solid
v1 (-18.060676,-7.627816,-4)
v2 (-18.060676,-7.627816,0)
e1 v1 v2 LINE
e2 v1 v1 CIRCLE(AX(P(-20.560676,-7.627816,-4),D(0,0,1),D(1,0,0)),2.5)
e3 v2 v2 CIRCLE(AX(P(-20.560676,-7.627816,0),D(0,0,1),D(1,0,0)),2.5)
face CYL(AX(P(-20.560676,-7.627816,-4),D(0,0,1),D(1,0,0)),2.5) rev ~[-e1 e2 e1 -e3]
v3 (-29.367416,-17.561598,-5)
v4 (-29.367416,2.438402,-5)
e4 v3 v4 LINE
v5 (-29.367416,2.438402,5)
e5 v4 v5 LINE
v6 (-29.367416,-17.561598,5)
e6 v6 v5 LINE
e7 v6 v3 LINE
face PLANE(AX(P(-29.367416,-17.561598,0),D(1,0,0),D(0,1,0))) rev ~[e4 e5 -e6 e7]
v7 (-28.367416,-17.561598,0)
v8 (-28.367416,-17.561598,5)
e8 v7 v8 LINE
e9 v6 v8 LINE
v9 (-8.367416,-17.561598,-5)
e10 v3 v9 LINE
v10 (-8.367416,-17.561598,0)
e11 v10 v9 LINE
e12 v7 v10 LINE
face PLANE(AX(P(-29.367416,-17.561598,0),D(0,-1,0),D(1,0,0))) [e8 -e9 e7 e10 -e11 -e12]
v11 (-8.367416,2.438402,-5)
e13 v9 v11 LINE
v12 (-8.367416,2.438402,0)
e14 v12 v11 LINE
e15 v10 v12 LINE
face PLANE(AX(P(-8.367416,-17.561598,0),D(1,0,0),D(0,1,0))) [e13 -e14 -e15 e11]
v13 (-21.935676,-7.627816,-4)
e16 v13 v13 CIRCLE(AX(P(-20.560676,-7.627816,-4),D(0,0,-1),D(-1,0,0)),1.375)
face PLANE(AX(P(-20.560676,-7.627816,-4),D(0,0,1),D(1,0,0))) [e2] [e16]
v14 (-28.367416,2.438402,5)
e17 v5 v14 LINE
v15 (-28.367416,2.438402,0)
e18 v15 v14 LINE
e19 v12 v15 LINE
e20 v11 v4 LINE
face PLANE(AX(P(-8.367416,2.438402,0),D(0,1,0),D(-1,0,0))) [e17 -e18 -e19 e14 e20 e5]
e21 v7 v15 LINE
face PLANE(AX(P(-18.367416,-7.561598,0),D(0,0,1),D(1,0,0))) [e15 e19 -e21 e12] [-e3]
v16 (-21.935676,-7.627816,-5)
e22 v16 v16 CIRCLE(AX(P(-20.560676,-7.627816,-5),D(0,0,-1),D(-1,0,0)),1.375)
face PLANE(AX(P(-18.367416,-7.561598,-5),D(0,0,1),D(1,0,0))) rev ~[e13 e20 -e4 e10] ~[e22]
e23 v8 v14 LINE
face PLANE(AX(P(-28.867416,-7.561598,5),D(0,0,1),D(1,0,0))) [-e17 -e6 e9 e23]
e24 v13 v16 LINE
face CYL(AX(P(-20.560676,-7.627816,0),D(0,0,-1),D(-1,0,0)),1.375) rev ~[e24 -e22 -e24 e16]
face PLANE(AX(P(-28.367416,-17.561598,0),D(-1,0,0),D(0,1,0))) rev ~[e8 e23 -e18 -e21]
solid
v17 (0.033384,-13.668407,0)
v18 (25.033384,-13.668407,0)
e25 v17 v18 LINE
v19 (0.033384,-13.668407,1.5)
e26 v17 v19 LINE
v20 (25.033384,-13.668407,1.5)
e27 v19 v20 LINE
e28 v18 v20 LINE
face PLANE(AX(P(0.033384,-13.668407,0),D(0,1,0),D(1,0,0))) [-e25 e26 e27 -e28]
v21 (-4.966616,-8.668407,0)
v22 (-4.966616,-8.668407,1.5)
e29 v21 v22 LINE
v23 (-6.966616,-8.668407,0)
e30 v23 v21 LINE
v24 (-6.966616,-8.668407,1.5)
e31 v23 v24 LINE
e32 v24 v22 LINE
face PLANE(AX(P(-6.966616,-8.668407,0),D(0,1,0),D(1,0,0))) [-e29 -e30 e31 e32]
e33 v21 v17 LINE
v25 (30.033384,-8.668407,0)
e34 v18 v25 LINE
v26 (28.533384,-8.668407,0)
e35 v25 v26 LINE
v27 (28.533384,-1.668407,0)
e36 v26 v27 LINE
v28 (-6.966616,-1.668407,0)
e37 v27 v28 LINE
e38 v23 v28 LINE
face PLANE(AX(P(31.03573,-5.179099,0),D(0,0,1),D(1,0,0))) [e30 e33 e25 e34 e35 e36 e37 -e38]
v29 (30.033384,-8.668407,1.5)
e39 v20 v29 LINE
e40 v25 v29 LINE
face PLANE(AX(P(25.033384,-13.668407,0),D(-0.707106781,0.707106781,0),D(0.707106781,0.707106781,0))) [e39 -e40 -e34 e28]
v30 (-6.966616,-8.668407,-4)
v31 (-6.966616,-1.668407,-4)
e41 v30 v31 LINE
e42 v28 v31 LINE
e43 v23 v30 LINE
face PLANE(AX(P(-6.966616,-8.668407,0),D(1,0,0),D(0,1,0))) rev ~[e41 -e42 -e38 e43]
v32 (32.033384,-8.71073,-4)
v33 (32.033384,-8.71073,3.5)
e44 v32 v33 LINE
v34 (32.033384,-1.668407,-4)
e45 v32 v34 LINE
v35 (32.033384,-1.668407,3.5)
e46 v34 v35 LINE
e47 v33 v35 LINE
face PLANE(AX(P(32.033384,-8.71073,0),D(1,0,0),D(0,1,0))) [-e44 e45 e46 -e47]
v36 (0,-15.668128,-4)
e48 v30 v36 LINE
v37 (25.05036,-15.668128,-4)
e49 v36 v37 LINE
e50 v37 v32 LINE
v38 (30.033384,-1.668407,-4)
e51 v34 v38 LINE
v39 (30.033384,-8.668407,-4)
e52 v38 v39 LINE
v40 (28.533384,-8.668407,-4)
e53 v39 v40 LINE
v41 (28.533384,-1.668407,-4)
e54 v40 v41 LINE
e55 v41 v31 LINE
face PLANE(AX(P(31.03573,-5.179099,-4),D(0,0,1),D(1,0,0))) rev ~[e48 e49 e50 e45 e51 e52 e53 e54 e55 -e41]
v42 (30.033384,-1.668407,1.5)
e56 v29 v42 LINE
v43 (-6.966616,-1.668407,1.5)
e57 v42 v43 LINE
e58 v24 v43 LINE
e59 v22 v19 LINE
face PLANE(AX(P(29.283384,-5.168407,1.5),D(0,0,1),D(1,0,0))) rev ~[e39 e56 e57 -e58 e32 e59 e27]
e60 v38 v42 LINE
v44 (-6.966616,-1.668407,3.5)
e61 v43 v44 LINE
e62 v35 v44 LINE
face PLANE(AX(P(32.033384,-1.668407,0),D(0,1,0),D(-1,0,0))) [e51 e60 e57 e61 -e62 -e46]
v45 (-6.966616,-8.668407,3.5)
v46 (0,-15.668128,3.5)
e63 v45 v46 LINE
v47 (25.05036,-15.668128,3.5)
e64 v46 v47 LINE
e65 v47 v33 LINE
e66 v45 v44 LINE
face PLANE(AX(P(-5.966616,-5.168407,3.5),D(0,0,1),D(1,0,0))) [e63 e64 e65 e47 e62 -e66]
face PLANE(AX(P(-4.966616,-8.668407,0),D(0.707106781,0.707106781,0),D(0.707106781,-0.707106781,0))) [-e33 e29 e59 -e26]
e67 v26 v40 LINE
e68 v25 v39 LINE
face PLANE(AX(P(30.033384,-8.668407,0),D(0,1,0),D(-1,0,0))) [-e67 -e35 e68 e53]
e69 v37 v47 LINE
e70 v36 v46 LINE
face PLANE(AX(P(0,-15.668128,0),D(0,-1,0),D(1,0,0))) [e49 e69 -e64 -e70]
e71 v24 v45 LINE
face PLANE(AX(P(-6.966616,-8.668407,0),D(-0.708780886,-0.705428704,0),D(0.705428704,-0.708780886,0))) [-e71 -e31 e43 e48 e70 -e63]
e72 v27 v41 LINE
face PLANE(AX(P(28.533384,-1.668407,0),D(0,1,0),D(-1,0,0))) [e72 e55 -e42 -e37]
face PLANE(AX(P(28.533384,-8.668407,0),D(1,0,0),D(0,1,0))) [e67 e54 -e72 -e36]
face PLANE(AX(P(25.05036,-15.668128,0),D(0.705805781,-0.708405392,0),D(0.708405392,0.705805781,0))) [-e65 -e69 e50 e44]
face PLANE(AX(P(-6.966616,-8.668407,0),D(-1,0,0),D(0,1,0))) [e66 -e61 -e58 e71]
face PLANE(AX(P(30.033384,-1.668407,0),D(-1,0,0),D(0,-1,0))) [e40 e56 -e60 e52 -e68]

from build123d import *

# Parameters (mm, degrees)
F0_W           = 2
F0_H           = 7
F0_W_2         = 25
F0_H_2         = 5
F0_W_3         = 1.5
F1_DEPTH       = 3.5
F2_DEPTH       = 1.5
F3_DEPTH       = 4
F4_W           = 1
F4_H           = 20
F5_DEPTH       = 5
F4_W_2         = 20
F6_DEPTH       = 5
F8_D           = 2.75
F8_CBORE_D     = 5
F8_CBORE_DEPTH = 4


with BuildPart() as f1:
    # F0 (on Top) → F1 (new body)
    with BuildSketch(Plane.XY):
        with Locations((-5.9666161537, -5.1684066913)):
            Rectangle(F0_W, F0_H)
        Polygon((32.0333838463, -1.6684066913), (30.0333838463, -1.6684066913), (30.0333838463, -8.6684066913), (32.0333838463, -8.7107298896), align=None)
        Polygon((0.0333838463, -13.6684066913), (-4.9666161537, -8.6684066913), (-6.9666161537, -8.6684066913), (0, -15.6681280516), align=None)
        Polygon((25.0333838463, -13.6684066913), (0.0333838463, -13.6684066913), (0, -15.6681280516), (25.0503603182, -15.6681280516), align=None)
        Polygon((32.0333838463, -8.7107298896), (30.0333838463, -8.6684066913), (25.0333838463, -13.6684066913), (25.0503603182, -15.6681280516), align=None)
        with Locations((12.5333838463, -11.1684066913)):
            Rectangle(F0_W_2, F0_H_2)
        Polygon((0.0333838463, -8.6684066913), (-4.9666161537, -8.6684066913), (0.0333838463, -13.6684066913), align=None)
        Polygon((30.0333838463, -8.6684066913), (28.5333838463, -8.6684066913), (25.0333838463, -8.6684066913), (25.0333838463, -13.6684066913), align=None)
        Polygon((28.5333838463, -1.6684066913), (-4.9666161537, -1.6684066913), (-4.9666161537, -8.6684066913), (0.0333838463, -8.6684066913), (25.0333838463, -8.6684066913), (28.5333838463, -8.6684066913), align=None)
        with Locations((29.2833838463, -5.1684066913)):
            Rectangle(F0_W_3, F0_H)
    extrude(amount=F1_DEPTH)

    # F0 (on Top) → F2 (cut)
    with BuildSketch(Plane.XY):
        with Locations((29.2833838463, -5.1684066913)):
            Rectangle(F0_W_3, F0_H)
        Polygon((28.5333838463, -1.6684066913), (-4.9666161537, -1.6684066913), (-4.9666161537, -8.6684066913), (0.0333838463, -8.6684066913), (25.0333838463, -8.6684066913), (28.5333838463, -8.6684066913), align=None)
        Polygon((30.0333838463, -8.6684066913), (28.5333838463, -8.6684066913), (25.0333838463, -8.6684066913), (25.0333838463, -13.6684066913), align=None)
        with Locations((12.5333838463, -11.1684066913)):
            Rectangle(F0_W_2, F0_H_2)
        Polygon((0.0333838463, -8.6684066913), (-4.9666161537, -8.6684066913), (0.0333838463, -13.6684066913), align=None)
        with Locations((-5.9666161537, -5.1684066913)):
            Rectangle(F0_W, F0_H)
    extrude(amount=F2_DEPTH, mode=Mode.SUBTRACT)

    # F0 (on Top) → F3 (join)
    with BuildSketch(Plane.XY):
        Polygon((32.0333838463, -1.6684066913), (30.0333838463, -1.6684066913), (30.0333838463, -8.6684066913), (32.0333838463, -8.7107298896), align=None)
        Polygon((32.0333838463, -8.7107298896), (30.0333838463, -8.6684066913), (25.0333838463, -13.6684066913), (25.0503603182, -15.6681280516), align=None)
        Polygon((30.0333838463, -8.6684066913), (28.5333838463, -8.6684066913), (25.0333838463, -8.6684066913), (25.0333838463, -13.6684066913), align=None)
        Polygon((28.5333838463, -1.6684066913), (-4.9666161537, -1.6684066913), (-4.9666161537, -8.6684066913), (0.0333838463, -8.6684066913), (25.0333838463, -8.6684066913), (28.5333838463, -8.6684066913), align=None)
        with Locations((12.5333838463, -11.1684066913)):
            Rectangle(F0_W_2, F0_H_2)
        Polygon((25.0333838463, -13.6684066913), (0.0333838463, -13.6684066913), (0, -15.6681280516), (25.0503603182, -15.6681280516), align=None)
        Polygon((0.0333838463, -13.6684066913), (-4.9666161537, -8.6684066913), (-6.9666161537, -8.6684066913), (0, -15.6681280516), align=None)
        Polygon((0.0333838463, -8.6684066913), (-4.9666161537, -8.6684066913), (0.0333838463, -13.6684066913), align=None)
        with Locations((-5.9666161537, -5.1684066913)):
            Rectangle(F0_W, F0_H)
    extrude(amount=-F3_DEPTH)


with BuildPart() as f5:
    # F4 (on Top) → F5 (new body)
    with BuildSketch(Plane.XY):
        with Locations((-28.8674156551, -7.5615978579)):
            Rectangle(F4_W, F4_H)
    extrude(amount=F5_DEPTH)

    # F4 (on Top) → F6 (join)
    with BuildSketch(Plane.XY):
        with Locations((-18.3674156551, -7.5615978579)):
            Rectangle(F4_W_2, F4_H)
        with Locations((-28.8674156551, -7.5615978579)):
            Rectangle(F4_W, F4_H)
    extrude(amount=-F6_DEPTH)

    # F8 (through all)
    with Locations(Plane.XY):
        with Locations((-20.560676232, -7.6278164051), (-20.560676232, -7.6278164051)):
            CounterBoreHole(F8_D / 2, F8_CBORE_D / 2, F8_CBORE_DEPTH)


solid = Compound([f1.part, f5.part])
